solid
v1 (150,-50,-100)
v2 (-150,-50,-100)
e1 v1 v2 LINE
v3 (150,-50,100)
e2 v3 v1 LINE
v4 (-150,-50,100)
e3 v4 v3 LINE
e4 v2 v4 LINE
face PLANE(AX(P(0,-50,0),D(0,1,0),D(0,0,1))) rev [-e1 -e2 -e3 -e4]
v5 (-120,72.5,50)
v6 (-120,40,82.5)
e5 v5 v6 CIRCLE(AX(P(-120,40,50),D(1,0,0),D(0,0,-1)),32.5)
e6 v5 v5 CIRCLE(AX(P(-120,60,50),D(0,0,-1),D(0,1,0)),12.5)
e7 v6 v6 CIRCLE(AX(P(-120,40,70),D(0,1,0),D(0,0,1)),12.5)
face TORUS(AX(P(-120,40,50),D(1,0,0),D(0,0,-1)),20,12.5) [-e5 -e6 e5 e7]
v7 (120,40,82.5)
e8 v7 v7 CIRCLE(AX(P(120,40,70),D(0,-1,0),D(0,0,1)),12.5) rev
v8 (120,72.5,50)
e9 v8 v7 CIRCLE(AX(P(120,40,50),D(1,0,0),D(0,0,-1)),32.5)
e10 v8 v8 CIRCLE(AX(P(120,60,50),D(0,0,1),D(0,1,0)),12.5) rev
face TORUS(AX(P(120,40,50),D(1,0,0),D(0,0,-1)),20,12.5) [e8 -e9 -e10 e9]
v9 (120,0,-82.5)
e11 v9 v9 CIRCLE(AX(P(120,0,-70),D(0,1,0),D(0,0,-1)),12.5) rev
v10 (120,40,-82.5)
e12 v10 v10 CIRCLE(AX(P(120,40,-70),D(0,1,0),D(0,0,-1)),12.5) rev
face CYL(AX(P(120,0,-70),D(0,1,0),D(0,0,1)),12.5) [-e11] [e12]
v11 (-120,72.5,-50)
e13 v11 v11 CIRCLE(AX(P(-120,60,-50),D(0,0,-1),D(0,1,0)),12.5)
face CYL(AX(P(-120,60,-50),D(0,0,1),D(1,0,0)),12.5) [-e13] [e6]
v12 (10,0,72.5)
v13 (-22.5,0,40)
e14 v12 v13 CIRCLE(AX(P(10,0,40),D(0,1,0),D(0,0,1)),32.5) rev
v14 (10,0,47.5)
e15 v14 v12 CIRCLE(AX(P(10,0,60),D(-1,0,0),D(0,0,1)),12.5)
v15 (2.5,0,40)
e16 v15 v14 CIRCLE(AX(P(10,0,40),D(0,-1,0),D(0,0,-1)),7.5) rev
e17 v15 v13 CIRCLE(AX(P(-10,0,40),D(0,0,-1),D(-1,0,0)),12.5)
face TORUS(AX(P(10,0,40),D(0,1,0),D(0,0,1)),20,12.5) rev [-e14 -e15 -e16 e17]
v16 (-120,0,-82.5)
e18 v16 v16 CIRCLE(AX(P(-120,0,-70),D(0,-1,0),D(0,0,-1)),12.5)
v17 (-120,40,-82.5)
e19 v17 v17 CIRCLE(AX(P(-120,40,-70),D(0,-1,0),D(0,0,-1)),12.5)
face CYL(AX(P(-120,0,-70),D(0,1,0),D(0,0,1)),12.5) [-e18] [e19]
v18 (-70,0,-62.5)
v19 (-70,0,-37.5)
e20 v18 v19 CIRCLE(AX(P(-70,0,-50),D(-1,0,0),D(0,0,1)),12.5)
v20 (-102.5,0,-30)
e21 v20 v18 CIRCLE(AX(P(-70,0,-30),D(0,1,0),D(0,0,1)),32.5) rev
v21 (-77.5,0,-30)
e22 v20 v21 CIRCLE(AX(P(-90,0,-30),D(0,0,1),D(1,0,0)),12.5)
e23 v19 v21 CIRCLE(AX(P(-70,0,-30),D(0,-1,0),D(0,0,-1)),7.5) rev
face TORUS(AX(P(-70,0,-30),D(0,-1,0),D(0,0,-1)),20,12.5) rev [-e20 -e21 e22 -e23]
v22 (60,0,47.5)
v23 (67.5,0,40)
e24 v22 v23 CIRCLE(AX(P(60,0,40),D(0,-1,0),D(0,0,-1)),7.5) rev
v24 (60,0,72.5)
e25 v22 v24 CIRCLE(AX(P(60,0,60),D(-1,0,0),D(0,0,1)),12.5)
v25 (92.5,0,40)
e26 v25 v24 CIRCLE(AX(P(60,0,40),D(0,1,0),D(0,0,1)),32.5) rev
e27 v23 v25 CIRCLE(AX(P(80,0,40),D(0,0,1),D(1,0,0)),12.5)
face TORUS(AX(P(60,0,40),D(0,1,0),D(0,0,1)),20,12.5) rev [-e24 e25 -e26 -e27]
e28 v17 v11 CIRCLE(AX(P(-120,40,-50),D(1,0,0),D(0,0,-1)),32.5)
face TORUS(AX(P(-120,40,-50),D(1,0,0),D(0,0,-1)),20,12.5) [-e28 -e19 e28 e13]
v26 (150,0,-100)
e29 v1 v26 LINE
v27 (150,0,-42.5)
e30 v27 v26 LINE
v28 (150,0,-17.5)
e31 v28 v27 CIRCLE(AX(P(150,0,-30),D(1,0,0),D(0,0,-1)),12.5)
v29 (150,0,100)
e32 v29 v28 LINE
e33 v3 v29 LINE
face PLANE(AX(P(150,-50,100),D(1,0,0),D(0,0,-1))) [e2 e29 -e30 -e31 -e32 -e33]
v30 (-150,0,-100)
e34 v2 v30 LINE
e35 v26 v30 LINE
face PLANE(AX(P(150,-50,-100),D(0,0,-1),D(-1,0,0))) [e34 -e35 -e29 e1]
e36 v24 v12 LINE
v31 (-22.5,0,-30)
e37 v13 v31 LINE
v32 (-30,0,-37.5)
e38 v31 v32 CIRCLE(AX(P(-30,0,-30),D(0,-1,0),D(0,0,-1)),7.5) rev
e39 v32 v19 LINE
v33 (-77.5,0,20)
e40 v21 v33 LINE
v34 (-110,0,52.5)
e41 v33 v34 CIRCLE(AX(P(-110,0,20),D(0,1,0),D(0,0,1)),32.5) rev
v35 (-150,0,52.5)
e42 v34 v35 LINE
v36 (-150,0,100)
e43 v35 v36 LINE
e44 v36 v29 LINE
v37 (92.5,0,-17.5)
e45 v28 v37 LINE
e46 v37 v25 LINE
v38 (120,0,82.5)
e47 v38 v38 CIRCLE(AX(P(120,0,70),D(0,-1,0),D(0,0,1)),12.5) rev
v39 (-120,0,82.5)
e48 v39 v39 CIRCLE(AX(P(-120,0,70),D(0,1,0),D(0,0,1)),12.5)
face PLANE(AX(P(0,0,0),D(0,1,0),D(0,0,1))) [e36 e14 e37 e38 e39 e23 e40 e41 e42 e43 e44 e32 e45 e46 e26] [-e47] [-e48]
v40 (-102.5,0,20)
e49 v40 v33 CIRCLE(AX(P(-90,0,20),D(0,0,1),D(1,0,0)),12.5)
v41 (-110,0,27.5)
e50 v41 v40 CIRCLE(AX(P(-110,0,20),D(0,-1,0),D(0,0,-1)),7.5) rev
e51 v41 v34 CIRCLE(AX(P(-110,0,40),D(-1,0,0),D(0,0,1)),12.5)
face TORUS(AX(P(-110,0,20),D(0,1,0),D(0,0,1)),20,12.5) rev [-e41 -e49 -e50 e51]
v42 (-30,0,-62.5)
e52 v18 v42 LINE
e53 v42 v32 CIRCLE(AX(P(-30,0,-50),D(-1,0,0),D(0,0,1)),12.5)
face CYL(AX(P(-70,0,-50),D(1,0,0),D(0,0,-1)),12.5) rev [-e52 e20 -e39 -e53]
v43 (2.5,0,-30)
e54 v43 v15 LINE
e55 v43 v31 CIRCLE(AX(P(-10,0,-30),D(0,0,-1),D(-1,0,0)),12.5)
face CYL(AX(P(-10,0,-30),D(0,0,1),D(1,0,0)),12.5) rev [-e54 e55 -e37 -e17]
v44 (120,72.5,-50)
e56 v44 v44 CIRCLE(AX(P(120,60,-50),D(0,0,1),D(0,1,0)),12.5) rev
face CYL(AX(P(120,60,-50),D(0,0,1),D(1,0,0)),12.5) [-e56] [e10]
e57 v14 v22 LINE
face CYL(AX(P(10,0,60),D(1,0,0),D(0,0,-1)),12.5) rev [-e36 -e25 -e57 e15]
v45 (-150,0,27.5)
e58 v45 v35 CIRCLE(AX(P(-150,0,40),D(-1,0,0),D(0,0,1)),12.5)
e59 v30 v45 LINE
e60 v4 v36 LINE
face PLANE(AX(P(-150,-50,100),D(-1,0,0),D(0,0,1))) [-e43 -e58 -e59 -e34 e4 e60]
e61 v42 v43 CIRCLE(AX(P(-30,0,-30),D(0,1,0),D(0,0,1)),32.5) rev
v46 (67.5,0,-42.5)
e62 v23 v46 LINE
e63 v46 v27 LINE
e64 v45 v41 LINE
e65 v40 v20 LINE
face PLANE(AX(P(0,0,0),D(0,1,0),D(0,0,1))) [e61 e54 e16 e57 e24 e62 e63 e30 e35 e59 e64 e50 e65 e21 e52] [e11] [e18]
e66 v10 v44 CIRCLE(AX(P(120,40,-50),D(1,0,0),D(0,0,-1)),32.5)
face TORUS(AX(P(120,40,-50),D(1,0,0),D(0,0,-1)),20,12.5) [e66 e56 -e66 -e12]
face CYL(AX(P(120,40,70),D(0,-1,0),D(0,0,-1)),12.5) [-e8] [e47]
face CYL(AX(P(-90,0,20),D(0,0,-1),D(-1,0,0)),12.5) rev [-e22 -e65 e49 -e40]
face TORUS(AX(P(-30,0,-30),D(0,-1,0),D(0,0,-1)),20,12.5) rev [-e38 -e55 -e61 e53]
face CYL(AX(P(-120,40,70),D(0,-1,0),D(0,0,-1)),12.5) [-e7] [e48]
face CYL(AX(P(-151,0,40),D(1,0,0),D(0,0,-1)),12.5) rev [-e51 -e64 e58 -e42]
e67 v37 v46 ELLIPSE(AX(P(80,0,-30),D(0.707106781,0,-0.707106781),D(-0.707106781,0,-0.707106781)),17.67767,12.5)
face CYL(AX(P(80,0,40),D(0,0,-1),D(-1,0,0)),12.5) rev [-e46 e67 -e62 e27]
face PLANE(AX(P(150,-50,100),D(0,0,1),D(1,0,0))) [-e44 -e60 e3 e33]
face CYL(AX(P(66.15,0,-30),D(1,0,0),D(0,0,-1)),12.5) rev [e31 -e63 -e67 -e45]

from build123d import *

# Parameters (mm, degrees)
SKETCH1_W            = 300
SKETCH1_H            = 200
BOSS_EXTRUDE1_DEPTH  = 50
CUT_SWEEP1_PROFILE_R = 12.5
SWEEP1_PROFILE_R     = 12.5


with BuildPart() as part:
    # Sketch1 → Boss-Extrude1 (new body)
    with BuildSketch(Plane(origin=(0, 0, 0), x_dir=(1, 0, 0), z_dir=(0, 1, 0))):
        Rectangle(SKETCH1_W, SKETCH1_H)
    extrude(amount=-BOSS_EXTRUDE1_DEPTH)

    # Cut-Sweep1: sweep along a path in Sketch2
    with BuildLine(Plane(origin=(0, 0, 0), x_dir=(1, 0, 0), z_dir=(0, 1, 0))) as cut_sweep1_path:
        Line((-150, -40), (-110, -40))
        ThreePointArc((-110, -40), (-95.857864376, -34.142135624), (-90, -20))
        Line((-90, -20), (-90, 30))
        ThreePointArc((-90, 30), (-84.142135624, 44.142135624), (-70, 50))
        Line((-70, 50), (-30, 50))
        ThreePointArc((-30, 50), (-15.857864376, 44.142135624), (-10, 30))
        Line((-10, 30), (-10, -40))
        ThreePointArc((-10, -40), (-4.142135624, -54.142135624), (10, -60))
        Line((10, -60), (60, -60))
        ThreePointArc((60, -60), (74.142135624, -54.142135624), (80, -40))
        Line((80, -40), (80, 30))
        Line((80, 30), (150, 30))
    # Cut-Sweep1 profile (on start of the path) → Cut-Sweep1 (sweep, cut)
    with BuildSketch(Plane(origin=(-150, 0, 40), x_dir=(0, 0, 1), z_dir=(1, 0, 0))):
        Circle(CUT_SWEEP1_PROFILE_R)
    sweep(path=cut_sweep1_path.line, transition=Transition.RIGHT, mode=Mode.SUBTRACT)

    # Sweep1: sweep along a path in Sketch4
    with BuildLine(Plane.ZY.offset(120)) as sweep1_path:
        Line((-70, 0), (-70, 40))
        ThreePointArc((-70, 40), (-64.142135624, 54.142135624), (-50, 60))
        Line((-50, 60), (50, 60))
        ThreePointArc((50, 60), (64.142135624, 54.142135624), (70, 40))
        Line((70, 40), (70, 0))
    # Sweep1 profile (on start of the path) → Sweep1 (sweep)
    with BuildSketch(Plane(origin=(-120, 0, -70), x_dir=(0, 0, 1), z_dir=(0, 1, 0))):
        Circle(SWEEP1_PROFILE_R)
    sweep1 = sweep(path=sweep1_path.line)

    # Mirror1: Sweep1 across plane
    add(sweep1.mirror(Plane(origin=(0, 0, 0), x_dir=(0, 0, 1), z_dir=(1, 0, 0))))


solid = part.part
